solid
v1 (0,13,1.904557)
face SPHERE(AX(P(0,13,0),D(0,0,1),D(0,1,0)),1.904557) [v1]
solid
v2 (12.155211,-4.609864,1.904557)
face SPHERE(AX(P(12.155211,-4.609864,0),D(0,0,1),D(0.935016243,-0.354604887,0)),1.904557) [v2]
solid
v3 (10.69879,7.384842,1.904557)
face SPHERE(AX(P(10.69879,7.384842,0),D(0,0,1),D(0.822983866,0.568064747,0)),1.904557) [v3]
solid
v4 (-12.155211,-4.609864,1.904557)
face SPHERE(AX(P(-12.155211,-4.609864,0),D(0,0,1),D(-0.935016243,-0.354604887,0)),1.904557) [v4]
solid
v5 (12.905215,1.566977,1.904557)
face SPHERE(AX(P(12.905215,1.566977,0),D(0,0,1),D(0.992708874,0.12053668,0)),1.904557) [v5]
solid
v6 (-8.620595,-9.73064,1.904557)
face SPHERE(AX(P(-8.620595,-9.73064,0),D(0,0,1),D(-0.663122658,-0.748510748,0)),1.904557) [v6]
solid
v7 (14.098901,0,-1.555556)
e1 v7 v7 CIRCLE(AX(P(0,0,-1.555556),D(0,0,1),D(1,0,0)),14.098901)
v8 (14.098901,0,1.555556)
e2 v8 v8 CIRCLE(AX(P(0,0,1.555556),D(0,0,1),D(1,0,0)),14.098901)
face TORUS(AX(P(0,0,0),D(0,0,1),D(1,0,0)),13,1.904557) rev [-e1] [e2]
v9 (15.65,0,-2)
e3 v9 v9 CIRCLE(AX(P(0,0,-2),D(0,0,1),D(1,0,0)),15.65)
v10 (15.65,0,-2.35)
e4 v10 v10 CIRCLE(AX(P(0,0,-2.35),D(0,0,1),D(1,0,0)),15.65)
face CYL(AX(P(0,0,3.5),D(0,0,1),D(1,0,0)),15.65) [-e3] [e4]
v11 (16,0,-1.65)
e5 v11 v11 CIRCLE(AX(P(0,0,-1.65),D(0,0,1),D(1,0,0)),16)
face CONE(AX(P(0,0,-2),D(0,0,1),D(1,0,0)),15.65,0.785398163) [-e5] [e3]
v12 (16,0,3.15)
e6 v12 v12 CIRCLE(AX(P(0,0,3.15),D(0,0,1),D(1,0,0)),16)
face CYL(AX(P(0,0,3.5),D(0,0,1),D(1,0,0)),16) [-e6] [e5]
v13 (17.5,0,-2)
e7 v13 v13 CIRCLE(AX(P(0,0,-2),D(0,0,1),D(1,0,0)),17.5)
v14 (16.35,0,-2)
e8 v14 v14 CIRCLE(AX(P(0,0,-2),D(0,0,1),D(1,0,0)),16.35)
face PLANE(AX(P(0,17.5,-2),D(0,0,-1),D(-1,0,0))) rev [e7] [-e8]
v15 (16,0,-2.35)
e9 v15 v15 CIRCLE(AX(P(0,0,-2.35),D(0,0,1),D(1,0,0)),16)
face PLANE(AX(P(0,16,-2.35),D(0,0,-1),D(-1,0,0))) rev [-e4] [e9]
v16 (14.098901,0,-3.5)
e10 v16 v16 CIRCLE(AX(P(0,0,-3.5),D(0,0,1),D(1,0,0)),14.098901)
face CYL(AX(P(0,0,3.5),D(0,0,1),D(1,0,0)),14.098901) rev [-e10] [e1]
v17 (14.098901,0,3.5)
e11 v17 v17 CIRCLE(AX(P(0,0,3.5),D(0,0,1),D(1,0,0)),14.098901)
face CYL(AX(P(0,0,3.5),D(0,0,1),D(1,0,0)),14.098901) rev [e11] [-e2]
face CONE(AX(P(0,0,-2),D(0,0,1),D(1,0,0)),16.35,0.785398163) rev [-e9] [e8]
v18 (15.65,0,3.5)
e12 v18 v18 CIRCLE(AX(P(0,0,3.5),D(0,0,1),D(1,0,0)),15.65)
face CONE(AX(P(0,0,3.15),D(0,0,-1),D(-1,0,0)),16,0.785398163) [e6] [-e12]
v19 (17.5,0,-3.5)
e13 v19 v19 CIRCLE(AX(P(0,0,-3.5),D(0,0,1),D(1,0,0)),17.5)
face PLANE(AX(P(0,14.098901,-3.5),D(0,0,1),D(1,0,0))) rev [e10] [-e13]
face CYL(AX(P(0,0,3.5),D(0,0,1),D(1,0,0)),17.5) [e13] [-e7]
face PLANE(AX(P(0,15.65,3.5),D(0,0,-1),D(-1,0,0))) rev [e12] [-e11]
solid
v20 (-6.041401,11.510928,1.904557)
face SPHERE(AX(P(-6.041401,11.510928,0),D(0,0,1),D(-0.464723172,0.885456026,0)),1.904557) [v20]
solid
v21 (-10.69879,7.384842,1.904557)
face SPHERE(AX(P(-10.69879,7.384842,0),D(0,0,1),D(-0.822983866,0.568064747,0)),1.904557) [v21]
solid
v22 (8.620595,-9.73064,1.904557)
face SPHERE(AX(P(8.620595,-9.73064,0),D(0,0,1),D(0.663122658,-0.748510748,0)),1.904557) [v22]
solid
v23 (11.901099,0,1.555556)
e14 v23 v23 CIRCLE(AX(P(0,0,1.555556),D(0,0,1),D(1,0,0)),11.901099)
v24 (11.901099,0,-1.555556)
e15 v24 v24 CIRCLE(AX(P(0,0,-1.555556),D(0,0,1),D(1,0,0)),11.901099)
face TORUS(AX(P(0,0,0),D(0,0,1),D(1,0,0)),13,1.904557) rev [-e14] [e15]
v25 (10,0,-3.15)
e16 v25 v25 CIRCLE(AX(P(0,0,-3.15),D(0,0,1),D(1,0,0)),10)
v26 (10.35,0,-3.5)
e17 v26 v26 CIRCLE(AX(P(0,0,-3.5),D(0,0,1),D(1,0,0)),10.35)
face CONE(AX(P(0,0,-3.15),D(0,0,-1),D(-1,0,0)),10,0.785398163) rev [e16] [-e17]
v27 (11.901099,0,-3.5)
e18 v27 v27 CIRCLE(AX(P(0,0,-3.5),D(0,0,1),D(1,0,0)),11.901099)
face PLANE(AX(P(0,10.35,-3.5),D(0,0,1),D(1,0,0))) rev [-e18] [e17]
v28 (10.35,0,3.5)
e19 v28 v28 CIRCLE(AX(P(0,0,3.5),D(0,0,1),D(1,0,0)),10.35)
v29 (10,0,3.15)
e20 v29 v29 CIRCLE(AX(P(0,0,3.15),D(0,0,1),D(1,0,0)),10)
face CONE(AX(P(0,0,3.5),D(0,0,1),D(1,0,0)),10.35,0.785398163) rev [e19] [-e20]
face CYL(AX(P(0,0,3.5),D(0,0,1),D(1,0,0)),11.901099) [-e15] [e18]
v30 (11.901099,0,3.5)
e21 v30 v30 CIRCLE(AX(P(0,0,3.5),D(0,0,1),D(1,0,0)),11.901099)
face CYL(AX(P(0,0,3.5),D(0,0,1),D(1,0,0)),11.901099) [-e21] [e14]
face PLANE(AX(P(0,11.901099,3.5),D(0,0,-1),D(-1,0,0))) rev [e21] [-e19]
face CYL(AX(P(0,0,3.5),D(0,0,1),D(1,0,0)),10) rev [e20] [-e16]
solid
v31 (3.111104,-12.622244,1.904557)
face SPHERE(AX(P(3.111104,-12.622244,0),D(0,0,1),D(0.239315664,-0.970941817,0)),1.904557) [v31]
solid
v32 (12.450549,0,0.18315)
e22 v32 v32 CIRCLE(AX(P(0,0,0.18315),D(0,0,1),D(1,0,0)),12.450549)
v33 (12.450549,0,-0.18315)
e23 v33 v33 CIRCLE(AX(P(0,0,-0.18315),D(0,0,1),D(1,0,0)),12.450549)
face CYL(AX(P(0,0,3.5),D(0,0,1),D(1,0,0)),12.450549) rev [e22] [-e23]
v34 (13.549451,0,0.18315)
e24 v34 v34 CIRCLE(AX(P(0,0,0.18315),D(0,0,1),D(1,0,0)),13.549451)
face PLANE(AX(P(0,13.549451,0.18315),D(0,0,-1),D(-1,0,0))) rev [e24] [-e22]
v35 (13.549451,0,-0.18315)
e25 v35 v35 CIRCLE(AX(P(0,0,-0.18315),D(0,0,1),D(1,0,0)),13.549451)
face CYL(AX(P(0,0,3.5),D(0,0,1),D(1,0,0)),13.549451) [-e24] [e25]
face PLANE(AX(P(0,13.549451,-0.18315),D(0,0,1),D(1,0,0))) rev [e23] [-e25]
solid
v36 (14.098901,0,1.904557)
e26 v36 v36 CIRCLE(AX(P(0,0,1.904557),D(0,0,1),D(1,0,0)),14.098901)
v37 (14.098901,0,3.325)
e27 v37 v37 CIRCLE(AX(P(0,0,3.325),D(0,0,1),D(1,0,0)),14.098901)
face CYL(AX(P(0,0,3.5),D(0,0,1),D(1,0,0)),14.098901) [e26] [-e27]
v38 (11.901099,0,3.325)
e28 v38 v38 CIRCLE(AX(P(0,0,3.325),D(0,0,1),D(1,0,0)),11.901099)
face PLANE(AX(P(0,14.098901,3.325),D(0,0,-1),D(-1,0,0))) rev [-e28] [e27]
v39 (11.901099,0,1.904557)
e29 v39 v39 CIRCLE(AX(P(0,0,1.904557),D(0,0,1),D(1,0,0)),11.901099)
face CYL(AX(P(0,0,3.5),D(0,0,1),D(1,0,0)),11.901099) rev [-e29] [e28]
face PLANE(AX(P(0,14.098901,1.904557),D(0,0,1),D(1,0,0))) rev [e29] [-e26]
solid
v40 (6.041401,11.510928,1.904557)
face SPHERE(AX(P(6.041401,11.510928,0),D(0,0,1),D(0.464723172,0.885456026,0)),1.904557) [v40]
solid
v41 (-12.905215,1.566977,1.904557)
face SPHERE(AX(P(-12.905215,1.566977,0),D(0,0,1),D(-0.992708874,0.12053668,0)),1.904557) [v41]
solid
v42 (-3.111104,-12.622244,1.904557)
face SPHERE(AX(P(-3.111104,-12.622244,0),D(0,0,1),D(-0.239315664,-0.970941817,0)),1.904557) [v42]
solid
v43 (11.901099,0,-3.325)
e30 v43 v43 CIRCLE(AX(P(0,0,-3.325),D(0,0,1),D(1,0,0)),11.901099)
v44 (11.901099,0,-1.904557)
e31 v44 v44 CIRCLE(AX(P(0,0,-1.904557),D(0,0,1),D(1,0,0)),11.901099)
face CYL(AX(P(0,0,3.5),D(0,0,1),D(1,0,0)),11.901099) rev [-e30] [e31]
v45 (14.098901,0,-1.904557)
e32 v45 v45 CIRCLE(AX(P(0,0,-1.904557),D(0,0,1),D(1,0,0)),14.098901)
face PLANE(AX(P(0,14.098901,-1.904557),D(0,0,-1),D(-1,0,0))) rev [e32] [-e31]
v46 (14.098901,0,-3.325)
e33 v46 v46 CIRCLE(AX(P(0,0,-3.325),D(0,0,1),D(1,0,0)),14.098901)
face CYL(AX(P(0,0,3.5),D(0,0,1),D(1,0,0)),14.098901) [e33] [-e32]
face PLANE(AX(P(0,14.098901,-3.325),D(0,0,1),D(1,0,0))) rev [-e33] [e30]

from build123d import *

# Parameters (mm, degrees)
SKETCH6_W         = 0.366300366
SKETCH6_H         = 1.098901098
CIRPATTERN1_COUNT = 13
SKETCH5_W         = 1.420443172
SKETCH5_H         = 2.197802198


with BuildPart() as part:
    # Sketch7 → Revolve7 (revolve)
    with BuildSketch(Plane(origin=(0, 0, 0), x_dir=(0, 0, -1), z_dir=(1, 0, 0))):
        with BuildLine():
            Line((3.5, 17.5), (2, 17.5))
            Line((2, 17.5), (2, 16.35))
            Line((2, 16.35), (2.35, 16))
            Line((2.35, 16), (2.35, 15.65))
            Line((2.35, 15.65), (2, 15.65))
            Line((2, 15.65), (1.65, 16))
            Line((1.65, 16), (-3.15, 16))
            Line((-3.15, 16), (-3.5, 15.65))
            Line((-3.5, 15.65), (-3.5, 14.098901099))
            Line((-3.5, 14.098901099), (-1.555555556, 14.098901099))
            ThreePointArc((-1.555555556, 14.098901099), (0, 14.904556828), (1.555555556, 14.098901099))
            Line((1.555555556, 14.098901099), (3.5, 14.098901099))
            Line((3.5, 14.098901099), (3.5, 15.65))
            Line((3.5, 15.65), (3.5, 17.5))
        make_face()
    revolve(axis=Axis((0, 0, 3.5), (0, 0, -1)))


with BuildPart() as body_2:
    # Sketch3 → Revolve3 (revolve)
    with BuildSketch(Plane(origin=(0, 0, 0), x_dir=(0, 0, -1), z_dir=(1, 0, 0))):
        with BuildLine():
            Line((-3.5, 11.901098901), (-1.555555556, 11.901098901))
            ThreePointArc((-1.555555556, 11.901098901), (0, 11.095443172), (1.555555556, 11.901098901))
            Line((1.555555556, 11.901098901), (3.5, 11.901098901))
            Line((3.5, 11.901098901), (3.5, 10.35))
            Line((3.5, 10.35), (3.15, 10))
            Line((3.15, 10), (-3.15, 10))
            Line((-3.15, 10), (-3.5, 10.35))
            Line((-3.5, 10.35), (-3.5, 11.901098901))
        make_face()
    revolve(axis=Axis((0, 0, 3.5), (0, 0, -1)))


with BuildPart() as body_3:
    # Sketch6 → Revolve6 (revolve)
    with BuildSketch(Plane(origin=(0, 0, 0), x_dir=(0, 0, -1), z_dir=(1, 0, 0))):
        with Locations((0, 13)):
            Rectangle(SKETCH6_W, SKETCH6_H)
    revolve(axis=Axis((0, 0, 3.5), (0, 0, -1)))


with BuildPart() as body_4:
    # Sketch4 → Revolve4 (revolve)
    with BuildSketch(Plane(origin=(0, 0, 0), x_dir=(0, 0, -1), z_dir=(1, 0, 0))):
        with BuildLine():
            Line((-1.904556828, 13), (1.904556828, 13))
            ThreePointArc((1.904556828, 13), (0, 14.904556828), (-1.904556828, 13))
        make_face()
    revolve(axis=Axis((0, 13, 1.904556828), (0, 0, -1)))


with BuildPart() as cirpattern1_1:
    # CirPattern1: pattern copy
    add(body_4.part.rotate(Axis((0, 0, -3.5), (0, 0, 1)), 1 * 360 / CIRPATTERN1_COUNT))


with BuildPart() as cirpattern1_2:
    # CirPattern1: pattern copy
    add(body_4.part.rotate(Axis((0, 0, -3.5), (0, 0, 1)), 2 * 360 / CIRPATTERN1_COUNT))


with BuildPart() as cirpattern1_3:
    # CirPattern1: pattern copy
    add(body_4.part.rotate(Axis((0, 0, -3.5), (0, 0, 1)), 3 * 360 / CIRPATTERN1_COUNT))


with BuildPart() as cirpattern1_4:
    # CirPattern1: pattern copy
    add(body_4.part.rotate(Axis((0, 0, -3.5), (0, 0, 1)), 4 * 360 / CIRPATTERN1_COUNT))


with BuildPart() as cirpattern1_5:
    # CirPattern1: pattern copy
    add(body_4.part.rotate(Axis((0, 0, -3.5), (0, 0, 1)), 5 * 360 / CIRPATTERN1_COUNT))


with BuildPart() as cirpattern1_6:
    # CirPattern1: pattern copy
    add(body_4.part.rotate(Axis((0, 0, -3.5), (0, 0, 1)), 6 * 360 / CIRPATTERN1_COUNT))


with BuildPart() as cirpattern1_7:
    # CirPattern1: pattern copy
    add(body_4.part.rotate(Axis((0, 0, -3.5), (0, 0, 1)), 7 * 360 / CIRPATTERN1_COUNT))


with BuildPart() as cirpattern1_8:
    # CirPattern1: pattern copy
    add(body_4.part.rotate(Axis((0, 0, -3.5), (0, 0, 1)), 8 * 360 / CIRPATTERN1_COUNT))


with BuildPart() as cirpattern1_9:
    # CirPattern1: pattern copy
    add(body_4.part.rotate(Axis((0, 0, -3.5), (0, 0, 1)), 9 * 360 / CIRPATTERN1_COUNT))


with BuildPart() as cirpattern1_10:
    # CirPattern1: pattern copy
    add(body_4.part.rotate(Axis((0, 0, -3.5), (0, 0, 1)), 10 * 360 / CIRPATTERN1_COUNT))


with BuildPart() as cirpattern1_11:
    # CirPattern1: pattern copy
    add(body_4.part.rotate(Axis((0, 0, -3.5), (0, 0, 1)), 11 * 360 / CIRPATTERN1_COUNT))


with BuildPart() as cirpattern1_12:
    # CirPattern1: pattern copy
    add(body_4.part.rotate(Axis((0, 0, -3.5), (0, 0, 1)), 12 * 360 / CIRPATTERN1_COUNT))


with BuildPart() as body_17:
    # Sketch5 → Revolve5 (revolve)
    with BuildSketch(Plane(origin=(0, 0, 0), x_dir=(0, 0, -1), z_dir=(1, 0, 0))):
        with Locations((-2.614778414, 13)):
            Rectangle(SKETCH5_W, SKETCH5_H)
        with Locations((2.614778414, 13)):
            Rectangle(SKETCH5_W, SKETCH5_H)
    revolve(axis=Axis((0, 0, 3.5), (0, 0, -1)))


solid = Compound([part.part, body_2.part, body_3.part, body_4.part, cirpattern1_1.part, cirpattern1_2.part, cirpattern1_3.part, cirpattern1_4.part, cirpattern1_5.part, cirpattern1_6.part, cirpattern1_7.part, cirpattern1_8.part, cirpattern1_9.part, cirpattern1_10.part, cirpattern1_11.part, cirpattern1_12.part, body_17.part])
